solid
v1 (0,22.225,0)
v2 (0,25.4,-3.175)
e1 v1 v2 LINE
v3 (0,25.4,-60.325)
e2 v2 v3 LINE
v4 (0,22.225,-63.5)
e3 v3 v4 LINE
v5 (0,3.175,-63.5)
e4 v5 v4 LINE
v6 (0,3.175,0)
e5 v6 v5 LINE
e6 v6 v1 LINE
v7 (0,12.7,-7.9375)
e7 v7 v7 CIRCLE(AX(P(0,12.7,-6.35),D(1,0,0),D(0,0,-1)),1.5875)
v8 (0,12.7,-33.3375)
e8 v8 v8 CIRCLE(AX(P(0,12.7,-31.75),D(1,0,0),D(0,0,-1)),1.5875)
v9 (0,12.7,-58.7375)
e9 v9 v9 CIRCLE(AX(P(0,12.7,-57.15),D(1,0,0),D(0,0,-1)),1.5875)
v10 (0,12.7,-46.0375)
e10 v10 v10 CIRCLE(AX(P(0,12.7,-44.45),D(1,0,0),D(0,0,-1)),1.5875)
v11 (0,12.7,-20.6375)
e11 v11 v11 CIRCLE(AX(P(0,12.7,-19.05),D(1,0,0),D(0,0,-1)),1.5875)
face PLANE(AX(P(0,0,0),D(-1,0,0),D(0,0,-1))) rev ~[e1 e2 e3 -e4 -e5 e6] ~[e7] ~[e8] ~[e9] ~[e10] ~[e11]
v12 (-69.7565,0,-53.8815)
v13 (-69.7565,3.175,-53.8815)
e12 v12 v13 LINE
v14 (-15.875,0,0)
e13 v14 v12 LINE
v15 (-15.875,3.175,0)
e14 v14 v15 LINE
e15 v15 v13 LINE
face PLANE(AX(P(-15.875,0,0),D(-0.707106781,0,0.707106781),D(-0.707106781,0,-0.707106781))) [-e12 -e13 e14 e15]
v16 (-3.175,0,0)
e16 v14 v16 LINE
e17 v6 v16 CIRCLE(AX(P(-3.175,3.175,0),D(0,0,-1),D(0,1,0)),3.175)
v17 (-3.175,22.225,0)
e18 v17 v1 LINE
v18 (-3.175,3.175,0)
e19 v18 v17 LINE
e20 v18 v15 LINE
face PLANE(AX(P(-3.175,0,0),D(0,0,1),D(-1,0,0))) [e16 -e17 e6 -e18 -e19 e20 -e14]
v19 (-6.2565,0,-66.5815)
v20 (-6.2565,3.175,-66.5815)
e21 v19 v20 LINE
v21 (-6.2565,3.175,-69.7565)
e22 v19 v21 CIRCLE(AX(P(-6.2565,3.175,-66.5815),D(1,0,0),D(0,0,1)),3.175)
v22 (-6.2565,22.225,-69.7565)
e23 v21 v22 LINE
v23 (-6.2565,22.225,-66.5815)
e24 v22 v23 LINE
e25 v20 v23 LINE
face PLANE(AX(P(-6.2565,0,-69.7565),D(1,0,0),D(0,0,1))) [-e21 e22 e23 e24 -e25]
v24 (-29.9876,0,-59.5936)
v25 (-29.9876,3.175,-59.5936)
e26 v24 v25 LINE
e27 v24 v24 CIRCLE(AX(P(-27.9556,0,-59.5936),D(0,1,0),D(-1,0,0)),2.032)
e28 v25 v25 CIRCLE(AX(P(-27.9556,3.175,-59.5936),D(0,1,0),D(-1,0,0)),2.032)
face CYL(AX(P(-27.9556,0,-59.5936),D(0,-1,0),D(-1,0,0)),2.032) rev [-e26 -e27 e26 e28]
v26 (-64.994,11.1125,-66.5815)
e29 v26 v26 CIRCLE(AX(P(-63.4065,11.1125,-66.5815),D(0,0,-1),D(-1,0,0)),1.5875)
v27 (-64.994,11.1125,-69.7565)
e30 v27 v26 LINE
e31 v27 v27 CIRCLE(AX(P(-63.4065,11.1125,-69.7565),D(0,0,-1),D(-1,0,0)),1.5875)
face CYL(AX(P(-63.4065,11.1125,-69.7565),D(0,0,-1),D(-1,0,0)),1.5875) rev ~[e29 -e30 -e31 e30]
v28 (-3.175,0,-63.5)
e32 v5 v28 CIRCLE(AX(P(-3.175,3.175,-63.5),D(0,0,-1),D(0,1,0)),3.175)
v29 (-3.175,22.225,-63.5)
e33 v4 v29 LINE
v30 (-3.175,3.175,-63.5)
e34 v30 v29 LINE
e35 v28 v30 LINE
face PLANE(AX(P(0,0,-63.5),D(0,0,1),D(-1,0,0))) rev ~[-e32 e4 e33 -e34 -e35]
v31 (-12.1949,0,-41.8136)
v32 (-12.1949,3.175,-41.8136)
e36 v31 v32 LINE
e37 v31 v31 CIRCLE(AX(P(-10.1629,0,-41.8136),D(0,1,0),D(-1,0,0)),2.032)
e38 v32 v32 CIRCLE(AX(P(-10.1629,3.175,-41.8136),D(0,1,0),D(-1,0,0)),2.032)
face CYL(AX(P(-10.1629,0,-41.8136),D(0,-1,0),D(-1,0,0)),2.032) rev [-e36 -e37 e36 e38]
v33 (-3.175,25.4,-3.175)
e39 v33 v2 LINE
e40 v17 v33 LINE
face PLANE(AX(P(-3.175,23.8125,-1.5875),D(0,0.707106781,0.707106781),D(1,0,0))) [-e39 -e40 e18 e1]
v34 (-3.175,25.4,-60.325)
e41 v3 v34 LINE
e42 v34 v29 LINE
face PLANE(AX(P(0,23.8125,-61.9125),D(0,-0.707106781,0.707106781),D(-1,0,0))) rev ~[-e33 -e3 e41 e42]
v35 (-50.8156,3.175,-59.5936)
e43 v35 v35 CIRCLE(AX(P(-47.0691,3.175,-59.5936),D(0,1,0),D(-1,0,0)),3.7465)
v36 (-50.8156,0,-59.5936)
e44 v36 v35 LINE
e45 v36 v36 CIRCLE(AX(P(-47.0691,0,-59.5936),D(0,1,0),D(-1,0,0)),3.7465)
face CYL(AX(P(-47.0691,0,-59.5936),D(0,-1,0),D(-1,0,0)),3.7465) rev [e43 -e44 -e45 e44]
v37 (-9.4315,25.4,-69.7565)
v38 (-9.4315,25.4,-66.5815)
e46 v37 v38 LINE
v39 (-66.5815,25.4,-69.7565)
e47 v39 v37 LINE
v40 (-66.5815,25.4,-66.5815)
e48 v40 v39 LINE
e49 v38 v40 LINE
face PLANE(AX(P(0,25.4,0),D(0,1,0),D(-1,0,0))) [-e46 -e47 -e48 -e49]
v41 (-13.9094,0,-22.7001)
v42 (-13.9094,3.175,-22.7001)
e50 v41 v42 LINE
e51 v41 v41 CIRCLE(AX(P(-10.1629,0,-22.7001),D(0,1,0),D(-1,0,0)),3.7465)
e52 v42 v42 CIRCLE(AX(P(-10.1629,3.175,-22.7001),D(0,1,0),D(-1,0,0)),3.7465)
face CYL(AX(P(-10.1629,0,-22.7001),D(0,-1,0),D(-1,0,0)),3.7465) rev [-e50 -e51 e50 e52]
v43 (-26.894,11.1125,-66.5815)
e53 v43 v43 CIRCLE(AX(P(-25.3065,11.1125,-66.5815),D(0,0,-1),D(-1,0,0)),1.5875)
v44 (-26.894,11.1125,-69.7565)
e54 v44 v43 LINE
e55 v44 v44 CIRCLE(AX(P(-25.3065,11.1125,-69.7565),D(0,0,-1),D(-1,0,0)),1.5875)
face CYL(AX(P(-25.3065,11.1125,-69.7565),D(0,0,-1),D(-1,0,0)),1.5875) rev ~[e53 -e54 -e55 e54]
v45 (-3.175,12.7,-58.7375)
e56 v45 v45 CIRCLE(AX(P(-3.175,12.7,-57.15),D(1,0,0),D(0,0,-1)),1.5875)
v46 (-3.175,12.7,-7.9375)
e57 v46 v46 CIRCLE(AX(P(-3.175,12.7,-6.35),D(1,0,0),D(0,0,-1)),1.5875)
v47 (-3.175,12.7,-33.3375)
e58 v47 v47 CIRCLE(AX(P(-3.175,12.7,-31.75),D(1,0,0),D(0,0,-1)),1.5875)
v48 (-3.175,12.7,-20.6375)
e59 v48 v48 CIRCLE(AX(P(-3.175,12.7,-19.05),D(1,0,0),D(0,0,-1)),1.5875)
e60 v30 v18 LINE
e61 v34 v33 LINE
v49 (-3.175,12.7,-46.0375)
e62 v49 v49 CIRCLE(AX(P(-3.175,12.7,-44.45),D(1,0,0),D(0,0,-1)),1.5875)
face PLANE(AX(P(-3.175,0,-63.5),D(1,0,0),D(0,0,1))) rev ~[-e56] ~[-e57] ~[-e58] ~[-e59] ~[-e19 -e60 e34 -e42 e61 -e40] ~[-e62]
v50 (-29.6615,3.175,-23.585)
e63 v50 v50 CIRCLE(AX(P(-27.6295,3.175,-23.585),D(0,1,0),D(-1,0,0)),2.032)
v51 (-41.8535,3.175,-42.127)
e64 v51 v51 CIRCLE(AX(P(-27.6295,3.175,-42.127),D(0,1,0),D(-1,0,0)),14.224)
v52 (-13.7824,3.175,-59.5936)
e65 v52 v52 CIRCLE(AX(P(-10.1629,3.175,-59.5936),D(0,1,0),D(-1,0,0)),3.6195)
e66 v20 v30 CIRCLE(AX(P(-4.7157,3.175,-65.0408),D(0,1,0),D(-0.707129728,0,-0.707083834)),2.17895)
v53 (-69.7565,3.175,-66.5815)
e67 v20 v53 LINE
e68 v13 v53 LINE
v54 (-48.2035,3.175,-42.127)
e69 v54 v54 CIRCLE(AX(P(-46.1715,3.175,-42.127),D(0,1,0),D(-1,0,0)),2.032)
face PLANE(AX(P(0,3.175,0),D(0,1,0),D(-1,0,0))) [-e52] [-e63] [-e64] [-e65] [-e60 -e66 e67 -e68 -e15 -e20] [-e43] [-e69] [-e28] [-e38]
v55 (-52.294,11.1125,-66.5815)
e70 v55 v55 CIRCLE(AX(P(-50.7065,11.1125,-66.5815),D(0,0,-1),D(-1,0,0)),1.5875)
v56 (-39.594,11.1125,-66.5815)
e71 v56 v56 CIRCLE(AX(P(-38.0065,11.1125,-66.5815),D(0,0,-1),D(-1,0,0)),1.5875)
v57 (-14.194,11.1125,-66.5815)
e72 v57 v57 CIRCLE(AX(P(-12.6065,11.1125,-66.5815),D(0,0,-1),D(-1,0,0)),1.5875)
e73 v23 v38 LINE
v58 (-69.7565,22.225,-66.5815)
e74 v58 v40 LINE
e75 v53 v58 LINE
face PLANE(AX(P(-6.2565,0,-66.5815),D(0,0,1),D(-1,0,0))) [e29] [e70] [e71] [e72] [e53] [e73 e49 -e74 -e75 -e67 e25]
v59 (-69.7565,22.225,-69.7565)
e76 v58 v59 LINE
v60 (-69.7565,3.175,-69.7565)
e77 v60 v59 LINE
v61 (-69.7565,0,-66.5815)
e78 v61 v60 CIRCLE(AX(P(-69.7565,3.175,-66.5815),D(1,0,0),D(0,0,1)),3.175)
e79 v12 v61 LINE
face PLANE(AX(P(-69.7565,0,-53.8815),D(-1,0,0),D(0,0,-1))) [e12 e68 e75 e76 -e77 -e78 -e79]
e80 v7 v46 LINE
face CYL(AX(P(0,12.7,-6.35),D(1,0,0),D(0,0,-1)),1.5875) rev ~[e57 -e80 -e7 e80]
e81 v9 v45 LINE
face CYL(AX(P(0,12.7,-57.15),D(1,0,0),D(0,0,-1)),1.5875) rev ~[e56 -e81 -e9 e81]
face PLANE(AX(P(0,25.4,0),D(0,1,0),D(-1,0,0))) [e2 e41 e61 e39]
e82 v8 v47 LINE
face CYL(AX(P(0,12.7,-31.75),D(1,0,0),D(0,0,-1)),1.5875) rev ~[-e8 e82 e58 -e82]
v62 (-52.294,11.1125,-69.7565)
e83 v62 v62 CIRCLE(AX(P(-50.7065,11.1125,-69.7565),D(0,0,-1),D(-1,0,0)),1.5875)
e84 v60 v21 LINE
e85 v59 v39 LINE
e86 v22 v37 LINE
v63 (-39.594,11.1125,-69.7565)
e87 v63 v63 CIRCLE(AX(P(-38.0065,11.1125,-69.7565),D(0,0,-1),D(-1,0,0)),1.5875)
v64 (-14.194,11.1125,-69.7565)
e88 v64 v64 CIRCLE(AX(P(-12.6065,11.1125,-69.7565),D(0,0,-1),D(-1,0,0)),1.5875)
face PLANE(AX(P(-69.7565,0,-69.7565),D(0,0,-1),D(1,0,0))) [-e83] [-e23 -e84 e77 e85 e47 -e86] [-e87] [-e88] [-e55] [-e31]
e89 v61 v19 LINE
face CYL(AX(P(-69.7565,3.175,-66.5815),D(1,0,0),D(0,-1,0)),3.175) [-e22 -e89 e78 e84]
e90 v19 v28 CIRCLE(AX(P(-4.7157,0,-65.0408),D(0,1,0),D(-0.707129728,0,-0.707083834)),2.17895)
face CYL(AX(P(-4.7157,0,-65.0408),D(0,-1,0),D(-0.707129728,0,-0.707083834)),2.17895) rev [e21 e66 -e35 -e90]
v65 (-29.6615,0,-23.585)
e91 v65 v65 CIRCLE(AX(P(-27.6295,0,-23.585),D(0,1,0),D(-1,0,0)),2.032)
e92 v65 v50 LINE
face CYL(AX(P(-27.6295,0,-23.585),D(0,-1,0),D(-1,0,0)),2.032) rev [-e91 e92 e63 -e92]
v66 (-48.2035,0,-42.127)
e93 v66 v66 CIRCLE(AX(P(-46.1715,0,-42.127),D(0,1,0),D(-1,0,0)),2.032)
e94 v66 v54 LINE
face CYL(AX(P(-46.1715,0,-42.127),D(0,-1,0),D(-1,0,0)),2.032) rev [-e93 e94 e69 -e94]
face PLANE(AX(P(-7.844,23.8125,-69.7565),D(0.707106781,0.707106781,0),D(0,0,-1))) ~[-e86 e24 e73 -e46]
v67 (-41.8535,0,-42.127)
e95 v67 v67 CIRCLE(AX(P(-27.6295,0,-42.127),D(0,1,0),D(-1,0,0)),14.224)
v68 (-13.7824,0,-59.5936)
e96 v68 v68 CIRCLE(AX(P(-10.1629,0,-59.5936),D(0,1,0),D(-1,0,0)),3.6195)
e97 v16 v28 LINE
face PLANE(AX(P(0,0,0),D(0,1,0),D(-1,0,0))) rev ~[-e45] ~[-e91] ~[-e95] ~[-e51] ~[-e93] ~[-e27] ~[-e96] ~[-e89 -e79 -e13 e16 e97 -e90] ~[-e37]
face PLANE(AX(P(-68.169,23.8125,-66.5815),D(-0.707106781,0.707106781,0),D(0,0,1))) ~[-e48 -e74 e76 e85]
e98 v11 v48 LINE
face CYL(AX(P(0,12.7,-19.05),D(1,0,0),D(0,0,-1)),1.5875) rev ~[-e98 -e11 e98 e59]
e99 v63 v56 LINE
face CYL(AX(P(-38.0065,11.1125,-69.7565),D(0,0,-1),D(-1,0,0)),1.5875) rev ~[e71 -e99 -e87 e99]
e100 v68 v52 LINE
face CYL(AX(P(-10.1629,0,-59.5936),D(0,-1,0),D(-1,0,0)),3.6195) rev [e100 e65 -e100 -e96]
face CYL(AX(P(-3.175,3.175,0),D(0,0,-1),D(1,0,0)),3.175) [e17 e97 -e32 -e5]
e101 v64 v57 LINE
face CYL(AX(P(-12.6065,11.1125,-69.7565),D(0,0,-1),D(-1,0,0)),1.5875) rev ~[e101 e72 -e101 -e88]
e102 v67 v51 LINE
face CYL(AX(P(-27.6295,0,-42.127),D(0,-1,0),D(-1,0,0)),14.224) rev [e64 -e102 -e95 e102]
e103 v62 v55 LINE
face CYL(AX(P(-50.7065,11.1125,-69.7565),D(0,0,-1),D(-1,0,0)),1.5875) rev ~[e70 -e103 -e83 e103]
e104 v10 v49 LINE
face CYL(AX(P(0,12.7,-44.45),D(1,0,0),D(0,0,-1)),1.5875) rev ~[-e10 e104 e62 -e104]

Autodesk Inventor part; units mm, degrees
ref_plane "YZ Plane" through (0, 0, 0) normal (1, 0, 0) x (0, 1, 0)
ref_plane "XZ Plane" through (0, 0, 0) normal (0, 1, 0) x (-1, 0, 0)
ref_plane "XY Plane" through (0, 0, 0) normal (0, 0, 1) x (1, 0, 0)
sketch "Sketch1" plane through (0, 0, 0) normal (0, 1, 0) x (-1, 0, 0)
  line L0 (0, 0) -> (0, -63.5)
  line L1 (0, -63.5) -> (3.175, -63.5)
  line L2 (3.175, -63.5) -> (3.175, 0)
  line L3 (3.175, 0) -> (0, 0)
  line L4 (3.175, 0) -> (15.875, 0)
  line L5 (15.875, 0) -> (69.7565, -53.8815)
  line L6 (69.7565, -53.8815) -> (69.7565, -66.5815)
  line L7 (69.7565, -66.5815) -> (69.7565, -69.7565)
  line L8 (69.7565, -69.7565) -> (6.2565, -69.7565)
  line L9 (6.2565, -69.7565) -> (6.2565, -66.5815)
  line L10 (6.2565, -66.5815) -> (69.7565, -66.5815)
  arc A0 (6.2565, -66.5815) -> (3.175, -63.5) centre (4.7158, -65.0408) ccw
  circle A1 centre (10.1629, -59.5936) radius 3.6195
  line L11 (10.1629, -55.9741) -> (10.1629, -43.8456) construction
  circle A2 centre (10.1629, -41.8136) radius 2.032
  line L12 (13.7824, -59.5936) -> (25.9236, -59.5936) construction
  circle A3 centre (27.9556, -59.5936) radius 2.032
  line L13 (6.2565, -63.5) -> (42.8158, -26.9408) construction
  circle A4 centre (27.6295, -42.127) radius 14.224
  circle A5 centre (46.1715, -42.127) radius 2.032
  line L14 (27.6295, -27.903) -> (27.6295, -25.617) construction
  circle A6 centre (27.6295, -23.585) radius 2.032
  circle A7 centre (47.0691, -59.5936) radius 3.7465
  line L15 (10.1629, -39.7816) -> (10.1629, -26.4466) construction
  circle A8 centre (10.1629, -22.7001) radius 3.7465
  dimension "d6" = 63.5
  dimension "d7" = 3.175
  dimension "d8" = 12.7
  dimension "d9" = 76.2
  dimension "d10" = 135
  dimension "d11" = 12.7
  dimension "d12" = 3.175
  dimension "d13" = 63.5
  dimension "d14" = 3.175
  dimension "d18" = 12.1285
  dimension "d20" = 12.1412
  dimension "d26" = 2.286
  dimension "d30" = 13.335
extrude "Extrusion1" add sketch "Sketch1" along normal blind 3.175 contours L4 L5 L6 L10 A0 L2
extrude "Extrusion2" add sketch "Sketch1" along normal blind 25.4 contours L3 L2 L1 L0 | L10 L7 L8 L9
chamfer "Chamfer1" distance 3.175 angle 45 4 edges at (-6.2565, 25.4, -68.169) (-1.5875, 25.4, -63.5) (-1.5875, 25.4, 0) (-69.7565, 25.4, -68.169)
sketch "Sketch2" plane through (0, 0, 0) normal (1, 0, 0) x (0, 0, -1)
  line L0 (0, 3.175) -> (0, 22.225) projected
  circle A0 centre (6.35, 12.7) radius 1.5875
  circle A1 centre (19.05, 12.7) radius 1.5875
  circle A2 centre (31.75, 12.7) radius 1.5875
  circle A3 centre (44.45, 12.7) radius 1.5875
  circle A4 centre (57.15, 12.7) radius 1.5875
  point P0 (0, 0)
  dimension "d44" = 3.175
  dimension "d46" = 3.175
  dimension "d48" = 3.175
  dimension "d50" = 3.175
sketch "Sketch3" plane through (-6.2565, 0, -69.7565) normal (0, 0, -1) x (-1, 0, 0)
  line L0 (0, 0) -> (0, 22.225) projected
  circle A0 centre (6.35, 11.1125) radius 1.5875
  circle A1 centre (19.05, 11.1125) radius 1.5875
  circle A2 centre (31.75, 11.1125) radius 1.5875
  circle A3 centre (44.45, 11.1125) radius 1.5875
  circle A4 centre (57.15, 11.1125) radius 1.5875
  point P0 (-6.2565, 0)
  dimension "d54" = 3.175
  dimension "d56" = 3.175
  dimension "d58" = 3.175
  dimension "d60" = 3.175
  dimension "d62" = 3.175
extrude "Extrusion3" cut sketch "Sketch2" against normal blind 3.175
extrude "Extrusion4" cut sketch "Sketch3" against normal blind 3.175
fillet "Fillet1" radius 3.175 2 edges at (0, 0, -31.75) (-38.0065, 0, -69.7565)
properties part number "triangular L-bracket"
